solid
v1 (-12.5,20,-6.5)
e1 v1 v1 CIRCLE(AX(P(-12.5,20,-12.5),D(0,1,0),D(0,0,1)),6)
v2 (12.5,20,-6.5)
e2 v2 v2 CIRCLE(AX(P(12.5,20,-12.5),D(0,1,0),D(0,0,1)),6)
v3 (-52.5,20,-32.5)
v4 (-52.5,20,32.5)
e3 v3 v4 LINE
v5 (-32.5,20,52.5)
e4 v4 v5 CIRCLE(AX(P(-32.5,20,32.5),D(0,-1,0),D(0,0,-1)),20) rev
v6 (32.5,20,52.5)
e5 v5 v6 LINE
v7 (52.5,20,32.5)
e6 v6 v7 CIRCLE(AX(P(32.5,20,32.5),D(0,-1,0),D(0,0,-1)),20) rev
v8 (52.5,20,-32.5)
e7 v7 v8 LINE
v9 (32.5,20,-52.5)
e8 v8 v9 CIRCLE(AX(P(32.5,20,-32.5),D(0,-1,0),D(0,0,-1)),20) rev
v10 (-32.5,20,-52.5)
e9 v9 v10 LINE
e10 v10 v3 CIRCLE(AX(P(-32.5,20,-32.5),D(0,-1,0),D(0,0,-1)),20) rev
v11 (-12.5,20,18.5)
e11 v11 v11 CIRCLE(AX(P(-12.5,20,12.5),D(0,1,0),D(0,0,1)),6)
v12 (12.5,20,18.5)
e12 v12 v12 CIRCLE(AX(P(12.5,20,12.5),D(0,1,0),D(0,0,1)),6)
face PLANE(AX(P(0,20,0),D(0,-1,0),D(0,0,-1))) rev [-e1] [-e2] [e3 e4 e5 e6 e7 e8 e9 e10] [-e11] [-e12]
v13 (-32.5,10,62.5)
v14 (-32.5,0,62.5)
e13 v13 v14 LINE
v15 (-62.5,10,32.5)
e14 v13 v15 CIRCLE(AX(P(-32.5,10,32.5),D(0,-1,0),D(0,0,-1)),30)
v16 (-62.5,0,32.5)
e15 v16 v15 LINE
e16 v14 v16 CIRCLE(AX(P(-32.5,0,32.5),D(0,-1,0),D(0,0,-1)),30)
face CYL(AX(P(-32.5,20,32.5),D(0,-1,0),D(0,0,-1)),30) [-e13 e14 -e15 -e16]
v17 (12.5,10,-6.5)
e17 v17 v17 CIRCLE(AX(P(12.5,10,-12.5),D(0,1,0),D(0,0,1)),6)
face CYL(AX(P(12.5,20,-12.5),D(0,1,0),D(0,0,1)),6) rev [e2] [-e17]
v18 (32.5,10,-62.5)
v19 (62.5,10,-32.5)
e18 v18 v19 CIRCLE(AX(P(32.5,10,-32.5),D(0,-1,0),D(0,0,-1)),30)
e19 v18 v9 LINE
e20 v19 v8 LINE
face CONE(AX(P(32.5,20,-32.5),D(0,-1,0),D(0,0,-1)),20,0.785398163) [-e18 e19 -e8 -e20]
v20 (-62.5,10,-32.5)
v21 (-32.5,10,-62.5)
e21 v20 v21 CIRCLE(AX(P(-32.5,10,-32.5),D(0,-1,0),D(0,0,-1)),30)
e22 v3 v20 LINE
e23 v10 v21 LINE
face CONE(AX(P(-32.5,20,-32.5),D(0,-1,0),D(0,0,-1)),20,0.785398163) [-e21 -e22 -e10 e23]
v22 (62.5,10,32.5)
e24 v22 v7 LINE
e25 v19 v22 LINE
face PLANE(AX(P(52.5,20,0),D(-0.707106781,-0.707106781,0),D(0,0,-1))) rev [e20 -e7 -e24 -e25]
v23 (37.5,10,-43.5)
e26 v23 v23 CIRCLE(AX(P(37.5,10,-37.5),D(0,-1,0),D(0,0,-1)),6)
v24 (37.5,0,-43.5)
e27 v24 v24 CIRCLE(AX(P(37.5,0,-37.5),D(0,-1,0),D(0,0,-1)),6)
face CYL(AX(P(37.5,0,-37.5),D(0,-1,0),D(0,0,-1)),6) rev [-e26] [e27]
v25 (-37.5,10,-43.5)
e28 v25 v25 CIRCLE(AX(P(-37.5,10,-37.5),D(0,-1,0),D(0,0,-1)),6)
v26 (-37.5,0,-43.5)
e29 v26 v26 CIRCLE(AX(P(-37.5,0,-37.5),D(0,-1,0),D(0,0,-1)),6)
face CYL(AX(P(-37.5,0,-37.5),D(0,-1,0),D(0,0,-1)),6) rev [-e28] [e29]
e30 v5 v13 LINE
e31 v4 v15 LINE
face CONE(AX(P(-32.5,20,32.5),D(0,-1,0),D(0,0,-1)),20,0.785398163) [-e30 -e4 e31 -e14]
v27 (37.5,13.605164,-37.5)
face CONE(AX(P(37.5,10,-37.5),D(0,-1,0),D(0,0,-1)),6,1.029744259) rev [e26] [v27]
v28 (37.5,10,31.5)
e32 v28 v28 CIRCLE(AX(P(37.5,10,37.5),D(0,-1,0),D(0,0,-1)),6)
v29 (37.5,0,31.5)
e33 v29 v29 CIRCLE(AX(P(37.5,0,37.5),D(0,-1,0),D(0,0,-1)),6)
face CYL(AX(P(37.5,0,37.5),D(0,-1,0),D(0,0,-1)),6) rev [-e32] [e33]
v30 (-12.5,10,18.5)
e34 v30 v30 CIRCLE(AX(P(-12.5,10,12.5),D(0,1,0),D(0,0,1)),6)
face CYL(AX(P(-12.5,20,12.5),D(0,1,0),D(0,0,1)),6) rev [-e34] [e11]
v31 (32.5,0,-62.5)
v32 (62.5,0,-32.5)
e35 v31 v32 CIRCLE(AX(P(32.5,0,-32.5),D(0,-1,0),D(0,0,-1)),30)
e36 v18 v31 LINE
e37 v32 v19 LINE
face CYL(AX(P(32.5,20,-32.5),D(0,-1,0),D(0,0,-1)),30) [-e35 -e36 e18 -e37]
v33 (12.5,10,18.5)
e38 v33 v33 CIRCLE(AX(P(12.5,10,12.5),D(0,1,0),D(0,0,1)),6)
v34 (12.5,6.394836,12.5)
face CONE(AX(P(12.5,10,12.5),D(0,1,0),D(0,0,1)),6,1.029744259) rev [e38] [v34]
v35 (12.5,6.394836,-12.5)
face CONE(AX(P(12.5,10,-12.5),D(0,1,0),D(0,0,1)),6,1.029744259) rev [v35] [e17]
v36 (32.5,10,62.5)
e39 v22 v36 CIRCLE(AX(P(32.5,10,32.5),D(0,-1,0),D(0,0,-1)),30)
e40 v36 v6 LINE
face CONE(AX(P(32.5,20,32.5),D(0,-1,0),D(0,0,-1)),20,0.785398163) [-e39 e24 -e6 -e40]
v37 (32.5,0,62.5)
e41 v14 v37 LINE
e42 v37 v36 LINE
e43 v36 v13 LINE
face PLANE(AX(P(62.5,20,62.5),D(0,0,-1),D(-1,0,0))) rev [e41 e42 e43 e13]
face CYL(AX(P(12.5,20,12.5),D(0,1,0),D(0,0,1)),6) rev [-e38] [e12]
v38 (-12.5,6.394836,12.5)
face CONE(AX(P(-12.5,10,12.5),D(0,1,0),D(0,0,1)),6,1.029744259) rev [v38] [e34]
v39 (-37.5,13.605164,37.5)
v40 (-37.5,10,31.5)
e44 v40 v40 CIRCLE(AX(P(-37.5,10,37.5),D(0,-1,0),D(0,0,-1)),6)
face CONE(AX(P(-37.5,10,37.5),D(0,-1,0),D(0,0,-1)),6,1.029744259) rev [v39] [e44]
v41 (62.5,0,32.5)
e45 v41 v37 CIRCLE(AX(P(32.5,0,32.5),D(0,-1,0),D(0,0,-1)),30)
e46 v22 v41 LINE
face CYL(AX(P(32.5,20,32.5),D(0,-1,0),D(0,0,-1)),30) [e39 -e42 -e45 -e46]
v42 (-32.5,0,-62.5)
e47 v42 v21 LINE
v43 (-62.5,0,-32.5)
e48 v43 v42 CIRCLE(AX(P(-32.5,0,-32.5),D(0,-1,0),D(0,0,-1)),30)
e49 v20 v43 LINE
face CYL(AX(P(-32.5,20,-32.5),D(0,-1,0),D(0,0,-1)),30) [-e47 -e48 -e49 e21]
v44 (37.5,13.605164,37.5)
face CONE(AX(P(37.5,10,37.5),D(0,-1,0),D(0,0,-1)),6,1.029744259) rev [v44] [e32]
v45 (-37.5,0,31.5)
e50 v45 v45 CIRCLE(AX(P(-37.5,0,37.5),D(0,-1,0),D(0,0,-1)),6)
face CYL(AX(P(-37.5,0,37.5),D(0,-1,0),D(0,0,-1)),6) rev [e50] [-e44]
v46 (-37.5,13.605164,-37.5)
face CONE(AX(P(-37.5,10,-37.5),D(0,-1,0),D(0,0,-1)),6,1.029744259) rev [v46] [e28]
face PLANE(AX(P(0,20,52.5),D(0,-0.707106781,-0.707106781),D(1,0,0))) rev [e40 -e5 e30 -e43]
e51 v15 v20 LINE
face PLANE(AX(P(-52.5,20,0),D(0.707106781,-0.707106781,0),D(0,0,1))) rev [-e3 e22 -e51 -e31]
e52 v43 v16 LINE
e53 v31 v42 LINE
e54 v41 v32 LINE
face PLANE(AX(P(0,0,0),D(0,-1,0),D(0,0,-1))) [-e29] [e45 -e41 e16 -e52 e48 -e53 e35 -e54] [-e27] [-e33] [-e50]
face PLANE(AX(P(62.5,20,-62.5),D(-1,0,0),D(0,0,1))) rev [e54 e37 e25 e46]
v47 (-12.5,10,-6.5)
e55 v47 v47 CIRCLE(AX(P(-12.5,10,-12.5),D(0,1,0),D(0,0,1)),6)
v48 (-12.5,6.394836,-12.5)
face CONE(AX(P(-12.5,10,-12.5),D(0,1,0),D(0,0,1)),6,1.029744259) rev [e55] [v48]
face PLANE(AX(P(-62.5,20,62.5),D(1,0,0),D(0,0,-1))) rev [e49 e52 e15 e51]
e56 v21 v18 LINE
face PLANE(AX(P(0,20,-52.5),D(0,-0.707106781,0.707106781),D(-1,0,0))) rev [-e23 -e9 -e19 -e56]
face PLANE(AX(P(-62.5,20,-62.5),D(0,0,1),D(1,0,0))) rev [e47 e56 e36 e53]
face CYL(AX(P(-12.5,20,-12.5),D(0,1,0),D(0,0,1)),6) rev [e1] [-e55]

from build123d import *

# Parameters (mm, degrees)
SKETCH_1_W          = 125
SKETCH_1_H          = 125
EXTRUDE_1_DEPTH     = 20
FILLET_1_R          = 30
CHAMFER_1_SIZE      = 10
HOLE_WIZARD_1_D     = 12
HOLE_WIZARD_1_DEPTH = 10
HOLE_WIZARD_1_TIP   = 3.605163714
HOLE_WIZARD_2_D     = 12
HOLE_WIZARD_2_DEPTH = 10
HOLE_WIZARD_2_TIP   = 3.605163714


with BuildPart() as part:
    # 草圖1 → 擠出1 (new body)
    with BuildSketch(Plane(origin=(0, 0, 0), x_dir=(-1, 0, 0), z_dir=(0, 1, 0))):
        Rectangle(SKETCH_1_W, SKETCH_1_H)
    extrude(amount=EXTRUDE_1_DEPTH)

    # 圓角1
    fillet_1_edges = [part.edges().sort_by_distance(p)[0] for p in [
        (-62.5, 10, -62.5),
        (62.5, 10, -62.5),
        (62.5, 10, 62.5),
        (-62.5, 10, 62.5),
    ]]
    fillet(fillet_1_edges, radius=FILLET_1_R)

    # 倒角1
    chamfer_1_edges = [part.edges().sort_by_distance(p)[0] for p in [
        (0, 20, -62.5),
        (62.5, 20, 0),
        (-62.5, 20, 0),
        (0, 20, 62.5),
        (53.713203436, 20, 53.713203436),
        (-53.713203436, 20, -53.713203436),
        (-53.713203436, 20, 53.713203436),
        (53.713203436, 20, -53.713203436),
    ]]
    chamfer(chamfer_1_edges, length=CHAMFER_1_SIZE)

    # 孔1
    with Locations(Plane(origin=(0, 0, 0), x_dir=(-1, 0, 0), z_dir=(0, -1, 0))):
        with Locations((-37.5, -37.5), (37.5, -37.5), (37.5, 37.5), (-37.5, 37.5)):
            Hole(HOLE_WIZARD_1_D / 2, depth=HOLE_WIZARD_1_DEPTH)
            with Locations((0, 0, -(HOLE_WIZARD_1_DEPTH + HOLE_WIZARD_1_TIP / 2))):  # 118° drill point
                Cone(0, HOLE_WIZARD_1_D / 2, HOLE_WIZARD_1_TIP, mode=Mode.SUBTRACT)

    # 孔2
    with Locations(Plane(origin=(0, 20, 0), x_dir=(1, 0, 0), z_dir=(0, 1, 0))):
        with Locations((12.5, 12.5), (12.5, -12.5), (-12.5, -12.5), (-12.5, 12.5)):
            Hole(HOLE_WIZARD_2_D / 2, depth=HOLE_WIZARD_2_DEPTH)
            with Locations((0, 0, -(HOLE_WIZARD_2_DEPTH + HOLE_WIZARD_2_TIP / 2))):  # 118° drill point
                Cone(0, HOLE_WIZARD_2_D / 2, HOLE_WIZARD_2_TIP, mode=Mode.SUBTRACT)


solid = part.part
